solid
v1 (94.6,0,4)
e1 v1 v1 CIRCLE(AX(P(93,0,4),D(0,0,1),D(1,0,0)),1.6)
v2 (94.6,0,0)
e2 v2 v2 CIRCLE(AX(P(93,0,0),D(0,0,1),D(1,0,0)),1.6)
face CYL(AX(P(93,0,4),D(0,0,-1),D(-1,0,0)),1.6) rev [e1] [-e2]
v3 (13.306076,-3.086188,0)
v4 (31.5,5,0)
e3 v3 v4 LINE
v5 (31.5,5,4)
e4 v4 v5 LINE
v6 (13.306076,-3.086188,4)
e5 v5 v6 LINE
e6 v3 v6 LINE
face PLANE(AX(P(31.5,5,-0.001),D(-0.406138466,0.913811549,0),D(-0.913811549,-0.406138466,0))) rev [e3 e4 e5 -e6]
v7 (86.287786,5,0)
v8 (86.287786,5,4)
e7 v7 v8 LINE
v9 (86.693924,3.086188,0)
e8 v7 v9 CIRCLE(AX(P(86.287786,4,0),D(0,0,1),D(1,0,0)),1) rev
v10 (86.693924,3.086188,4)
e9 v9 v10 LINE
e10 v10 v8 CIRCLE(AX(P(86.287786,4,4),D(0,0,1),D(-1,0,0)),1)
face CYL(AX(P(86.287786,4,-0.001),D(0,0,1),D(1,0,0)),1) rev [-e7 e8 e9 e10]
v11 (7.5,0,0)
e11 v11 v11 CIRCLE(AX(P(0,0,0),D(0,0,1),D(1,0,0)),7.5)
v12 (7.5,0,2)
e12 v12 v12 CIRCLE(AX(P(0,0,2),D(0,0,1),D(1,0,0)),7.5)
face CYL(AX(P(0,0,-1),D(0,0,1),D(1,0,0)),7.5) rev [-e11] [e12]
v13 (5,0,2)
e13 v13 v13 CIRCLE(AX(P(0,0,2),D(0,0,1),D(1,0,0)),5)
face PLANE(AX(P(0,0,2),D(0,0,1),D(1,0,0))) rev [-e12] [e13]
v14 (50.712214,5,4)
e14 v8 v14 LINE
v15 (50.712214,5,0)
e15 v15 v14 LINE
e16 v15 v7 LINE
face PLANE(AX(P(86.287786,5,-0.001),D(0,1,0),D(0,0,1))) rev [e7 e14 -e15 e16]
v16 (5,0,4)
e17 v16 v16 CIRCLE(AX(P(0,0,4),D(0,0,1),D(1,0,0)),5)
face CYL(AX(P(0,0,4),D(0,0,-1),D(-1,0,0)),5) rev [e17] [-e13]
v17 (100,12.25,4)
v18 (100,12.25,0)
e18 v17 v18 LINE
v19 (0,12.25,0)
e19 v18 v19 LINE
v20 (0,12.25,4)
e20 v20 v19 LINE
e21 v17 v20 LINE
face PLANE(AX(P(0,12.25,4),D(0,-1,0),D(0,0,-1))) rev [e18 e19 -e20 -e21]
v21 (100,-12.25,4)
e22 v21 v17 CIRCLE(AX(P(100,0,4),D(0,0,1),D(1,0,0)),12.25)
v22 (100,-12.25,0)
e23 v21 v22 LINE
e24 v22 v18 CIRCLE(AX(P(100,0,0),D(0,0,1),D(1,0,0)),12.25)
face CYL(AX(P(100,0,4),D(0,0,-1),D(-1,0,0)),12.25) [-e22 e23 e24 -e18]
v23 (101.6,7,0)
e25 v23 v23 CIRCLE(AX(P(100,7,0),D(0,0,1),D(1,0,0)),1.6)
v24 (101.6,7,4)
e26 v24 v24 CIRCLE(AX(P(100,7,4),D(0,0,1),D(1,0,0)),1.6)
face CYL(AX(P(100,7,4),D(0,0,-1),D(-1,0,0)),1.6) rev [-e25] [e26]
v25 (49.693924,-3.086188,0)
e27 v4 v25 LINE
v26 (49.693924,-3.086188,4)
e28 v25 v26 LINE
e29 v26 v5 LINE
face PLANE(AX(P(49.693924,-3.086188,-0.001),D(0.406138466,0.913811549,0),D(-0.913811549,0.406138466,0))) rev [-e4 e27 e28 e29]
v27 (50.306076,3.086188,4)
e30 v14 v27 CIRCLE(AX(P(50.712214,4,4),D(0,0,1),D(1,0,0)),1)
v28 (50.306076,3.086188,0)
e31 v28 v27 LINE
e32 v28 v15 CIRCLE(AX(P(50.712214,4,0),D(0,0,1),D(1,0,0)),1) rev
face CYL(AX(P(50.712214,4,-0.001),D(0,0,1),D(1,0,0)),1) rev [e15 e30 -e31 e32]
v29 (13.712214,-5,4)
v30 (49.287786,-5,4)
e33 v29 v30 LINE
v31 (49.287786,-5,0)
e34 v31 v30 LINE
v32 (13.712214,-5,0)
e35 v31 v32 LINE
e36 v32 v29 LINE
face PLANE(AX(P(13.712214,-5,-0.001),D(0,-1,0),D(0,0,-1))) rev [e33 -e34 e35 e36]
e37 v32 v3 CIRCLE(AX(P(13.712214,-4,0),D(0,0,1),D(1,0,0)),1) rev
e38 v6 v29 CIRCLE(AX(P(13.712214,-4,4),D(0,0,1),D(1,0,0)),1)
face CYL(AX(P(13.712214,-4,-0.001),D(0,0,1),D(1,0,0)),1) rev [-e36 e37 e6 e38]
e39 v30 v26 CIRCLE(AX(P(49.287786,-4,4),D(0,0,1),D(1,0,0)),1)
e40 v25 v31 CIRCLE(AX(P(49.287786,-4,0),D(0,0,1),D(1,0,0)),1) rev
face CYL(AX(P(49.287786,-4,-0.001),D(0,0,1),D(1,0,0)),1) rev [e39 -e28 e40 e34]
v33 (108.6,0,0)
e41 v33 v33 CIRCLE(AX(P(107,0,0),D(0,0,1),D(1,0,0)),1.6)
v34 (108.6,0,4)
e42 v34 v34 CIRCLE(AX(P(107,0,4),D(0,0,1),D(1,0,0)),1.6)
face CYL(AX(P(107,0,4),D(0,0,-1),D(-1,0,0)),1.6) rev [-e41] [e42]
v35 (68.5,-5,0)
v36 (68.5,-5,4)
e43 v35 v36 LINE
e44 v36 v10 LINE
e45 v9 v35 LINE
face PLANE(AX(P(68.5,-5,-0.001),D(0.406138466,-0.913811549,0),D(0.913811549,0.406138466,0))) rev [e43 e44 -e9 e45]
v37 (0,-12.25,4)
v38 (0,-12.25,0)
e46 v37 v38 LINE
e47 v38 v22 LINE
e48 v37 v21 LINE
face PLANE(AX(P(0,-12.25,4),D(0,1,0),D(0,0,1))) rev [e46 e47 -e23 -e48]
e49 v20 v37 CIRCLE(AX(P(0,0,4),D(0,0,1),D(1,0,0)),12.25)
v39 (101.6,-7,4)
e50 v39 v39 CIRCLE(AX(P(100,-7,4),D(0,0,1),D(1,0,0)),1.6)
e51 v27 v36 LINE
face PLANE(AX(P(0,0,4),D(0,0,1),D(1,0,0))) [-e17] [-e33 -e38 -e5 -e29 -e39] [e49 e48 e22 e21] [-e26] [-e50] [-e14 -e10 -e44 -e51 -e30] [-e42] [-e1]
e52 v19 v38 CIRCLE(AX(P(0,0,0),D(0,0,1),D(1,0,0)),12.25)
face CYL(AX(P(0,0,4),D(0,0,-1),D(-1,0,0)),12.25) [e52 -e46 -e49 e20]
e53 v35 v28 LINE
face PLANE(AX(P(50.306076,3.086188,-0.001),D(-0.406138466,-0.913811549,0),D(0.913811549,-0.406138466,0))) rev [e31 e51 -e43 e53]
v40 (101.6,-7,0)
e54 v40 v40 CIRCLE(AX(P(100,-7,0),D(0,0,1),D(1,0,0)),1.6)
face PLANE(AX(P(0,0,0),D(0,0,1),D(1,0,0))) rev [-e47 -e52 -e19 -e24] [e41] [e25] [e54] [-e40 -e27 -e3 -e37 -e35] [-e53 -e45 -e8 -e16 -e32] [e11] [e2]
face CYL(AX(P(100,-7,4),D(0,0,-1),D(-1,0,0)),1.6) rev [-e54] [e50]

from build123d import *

# Parameters (mm, degrees)
SKETCH_1_R          = 5
SKETCH_1_R_2        = 1.6
EXTRUDE_1_DEPTH     = 4
SKETCH_4_R          = 7.5
CUT_EXTRUDE_3_DEPTH = 3
CUT_EXTRUDE_4_REACH = 6


with BuildPart() as part:
    # 草图1 → 凸台-拉伸1 (new body)
    with BuildSketch(Plane.XY):
        with BuildLine():
            Line((0, 12.25), (100, 12.25))
            ThreePointArc((100, 12.25), (112.25, 0), (100, -12.25))
            Line((100, -12.25), (0, -12.25))
            ThreePointArc((0, -12.25), (-12.25, 0), (0, 12.25))
        make_face()
        Circle(SKETCH_1_R, mode=Mode.SUBTRACT)
        with Locations((100, 7)):
            Circle(SKETCH_1_R_2, mode=Mode.SUBTRACT)
        with Locations((107, 0)):
            Circle(SKETCH_1_R_2, mode=Mode.SUBTRACT)
        with Locations((100, -7)):
            Circle(SKETCH_1_R_2, mode=Mode.SUBTRACT)
        with Locations((93, 0)):
            Circle(SKETCH_1_R_2, mode=Mode.SUBTRACT)
    extrude(amount=EXTRUDE_1_DEPTH)

    # 草图4 → 切除-拉伸3 (cut)
    with BuildSketch(Plane.XY.offset(2)):
        Circle(SKETCH_4_R)
    extrude(amount=-CUT_EXTRUDE_3_DEPTH, mode=Mode.SUBTRACT)

    # 草图5 → 切除-拉伸4 (cut, up to next)
    with BuildSketch(Plane.XY.offset(4), mode=Mode.PRIVATE) as cut_extrude_4_sk1:
        with BuildLine():
            Line((31.5, 5), (13.306075984, -3.086188451))
            ThreePointArc((13.306075984, -3.086188451), (12.733998843, -4.207591488), (13.71221445, -5))
            Line((13.71221445, -5), (49.28778555, -5))
            ThreePointArc((49.28778555, -5), (50.266001157, -4.207591488), (49.693924016, -3.086188451))
            Line((49.693924016, -3.086188451), (31.5, 5))
        make_face()
    cut_extrude_4_tool1 = extrude(cut_extrude_4_sk1.sketch, amount=-CUT_EXTRUDE_4_REACH, mode=Mode.PRIVATE) & part.part
    add(cut_extrude_4_tool1.solids().sort_by_distance((31.5, -1.58127, 4))[0], mode=Mode.SUBTRACT)
    # 草图5 → 切除-拉伸4 (cut, up to next)
    with BuildSketch(Plane.XY.offset(4), mode=Mode.PRIVATE) as cut_extrude_4_sk2:
        with BuildLine():
            Line((68.5, -5), (86.693924016, 3.086188451))
            ThreePointArc((86.693924016, 3.086188451), (87.266001157, 4.207591488), (86.28778555, 5))
            Line((86.28778555, 5), (50.71221445, 5))
            ThreePointArc((50.71221445, 5), (49.733998843, 4.207591488), (50.306075984, 3.086188451))
            Line((50.306075984, 3.086188451), (68.5, -5))
        make_face()
    cut_extrude_4_tool2 = extrude(cut_extrude_4_sk2.sketch, amount=-CUT_EXTRUDE_4_REACH, mode=Mode.PRIVATE) & part.part
    add(cut_extrude_4_tool2.solids().sort_by_distance((68.5, 1.58127, 4))[0], mode=Mode.SUBTRACT)


solid = part.part
